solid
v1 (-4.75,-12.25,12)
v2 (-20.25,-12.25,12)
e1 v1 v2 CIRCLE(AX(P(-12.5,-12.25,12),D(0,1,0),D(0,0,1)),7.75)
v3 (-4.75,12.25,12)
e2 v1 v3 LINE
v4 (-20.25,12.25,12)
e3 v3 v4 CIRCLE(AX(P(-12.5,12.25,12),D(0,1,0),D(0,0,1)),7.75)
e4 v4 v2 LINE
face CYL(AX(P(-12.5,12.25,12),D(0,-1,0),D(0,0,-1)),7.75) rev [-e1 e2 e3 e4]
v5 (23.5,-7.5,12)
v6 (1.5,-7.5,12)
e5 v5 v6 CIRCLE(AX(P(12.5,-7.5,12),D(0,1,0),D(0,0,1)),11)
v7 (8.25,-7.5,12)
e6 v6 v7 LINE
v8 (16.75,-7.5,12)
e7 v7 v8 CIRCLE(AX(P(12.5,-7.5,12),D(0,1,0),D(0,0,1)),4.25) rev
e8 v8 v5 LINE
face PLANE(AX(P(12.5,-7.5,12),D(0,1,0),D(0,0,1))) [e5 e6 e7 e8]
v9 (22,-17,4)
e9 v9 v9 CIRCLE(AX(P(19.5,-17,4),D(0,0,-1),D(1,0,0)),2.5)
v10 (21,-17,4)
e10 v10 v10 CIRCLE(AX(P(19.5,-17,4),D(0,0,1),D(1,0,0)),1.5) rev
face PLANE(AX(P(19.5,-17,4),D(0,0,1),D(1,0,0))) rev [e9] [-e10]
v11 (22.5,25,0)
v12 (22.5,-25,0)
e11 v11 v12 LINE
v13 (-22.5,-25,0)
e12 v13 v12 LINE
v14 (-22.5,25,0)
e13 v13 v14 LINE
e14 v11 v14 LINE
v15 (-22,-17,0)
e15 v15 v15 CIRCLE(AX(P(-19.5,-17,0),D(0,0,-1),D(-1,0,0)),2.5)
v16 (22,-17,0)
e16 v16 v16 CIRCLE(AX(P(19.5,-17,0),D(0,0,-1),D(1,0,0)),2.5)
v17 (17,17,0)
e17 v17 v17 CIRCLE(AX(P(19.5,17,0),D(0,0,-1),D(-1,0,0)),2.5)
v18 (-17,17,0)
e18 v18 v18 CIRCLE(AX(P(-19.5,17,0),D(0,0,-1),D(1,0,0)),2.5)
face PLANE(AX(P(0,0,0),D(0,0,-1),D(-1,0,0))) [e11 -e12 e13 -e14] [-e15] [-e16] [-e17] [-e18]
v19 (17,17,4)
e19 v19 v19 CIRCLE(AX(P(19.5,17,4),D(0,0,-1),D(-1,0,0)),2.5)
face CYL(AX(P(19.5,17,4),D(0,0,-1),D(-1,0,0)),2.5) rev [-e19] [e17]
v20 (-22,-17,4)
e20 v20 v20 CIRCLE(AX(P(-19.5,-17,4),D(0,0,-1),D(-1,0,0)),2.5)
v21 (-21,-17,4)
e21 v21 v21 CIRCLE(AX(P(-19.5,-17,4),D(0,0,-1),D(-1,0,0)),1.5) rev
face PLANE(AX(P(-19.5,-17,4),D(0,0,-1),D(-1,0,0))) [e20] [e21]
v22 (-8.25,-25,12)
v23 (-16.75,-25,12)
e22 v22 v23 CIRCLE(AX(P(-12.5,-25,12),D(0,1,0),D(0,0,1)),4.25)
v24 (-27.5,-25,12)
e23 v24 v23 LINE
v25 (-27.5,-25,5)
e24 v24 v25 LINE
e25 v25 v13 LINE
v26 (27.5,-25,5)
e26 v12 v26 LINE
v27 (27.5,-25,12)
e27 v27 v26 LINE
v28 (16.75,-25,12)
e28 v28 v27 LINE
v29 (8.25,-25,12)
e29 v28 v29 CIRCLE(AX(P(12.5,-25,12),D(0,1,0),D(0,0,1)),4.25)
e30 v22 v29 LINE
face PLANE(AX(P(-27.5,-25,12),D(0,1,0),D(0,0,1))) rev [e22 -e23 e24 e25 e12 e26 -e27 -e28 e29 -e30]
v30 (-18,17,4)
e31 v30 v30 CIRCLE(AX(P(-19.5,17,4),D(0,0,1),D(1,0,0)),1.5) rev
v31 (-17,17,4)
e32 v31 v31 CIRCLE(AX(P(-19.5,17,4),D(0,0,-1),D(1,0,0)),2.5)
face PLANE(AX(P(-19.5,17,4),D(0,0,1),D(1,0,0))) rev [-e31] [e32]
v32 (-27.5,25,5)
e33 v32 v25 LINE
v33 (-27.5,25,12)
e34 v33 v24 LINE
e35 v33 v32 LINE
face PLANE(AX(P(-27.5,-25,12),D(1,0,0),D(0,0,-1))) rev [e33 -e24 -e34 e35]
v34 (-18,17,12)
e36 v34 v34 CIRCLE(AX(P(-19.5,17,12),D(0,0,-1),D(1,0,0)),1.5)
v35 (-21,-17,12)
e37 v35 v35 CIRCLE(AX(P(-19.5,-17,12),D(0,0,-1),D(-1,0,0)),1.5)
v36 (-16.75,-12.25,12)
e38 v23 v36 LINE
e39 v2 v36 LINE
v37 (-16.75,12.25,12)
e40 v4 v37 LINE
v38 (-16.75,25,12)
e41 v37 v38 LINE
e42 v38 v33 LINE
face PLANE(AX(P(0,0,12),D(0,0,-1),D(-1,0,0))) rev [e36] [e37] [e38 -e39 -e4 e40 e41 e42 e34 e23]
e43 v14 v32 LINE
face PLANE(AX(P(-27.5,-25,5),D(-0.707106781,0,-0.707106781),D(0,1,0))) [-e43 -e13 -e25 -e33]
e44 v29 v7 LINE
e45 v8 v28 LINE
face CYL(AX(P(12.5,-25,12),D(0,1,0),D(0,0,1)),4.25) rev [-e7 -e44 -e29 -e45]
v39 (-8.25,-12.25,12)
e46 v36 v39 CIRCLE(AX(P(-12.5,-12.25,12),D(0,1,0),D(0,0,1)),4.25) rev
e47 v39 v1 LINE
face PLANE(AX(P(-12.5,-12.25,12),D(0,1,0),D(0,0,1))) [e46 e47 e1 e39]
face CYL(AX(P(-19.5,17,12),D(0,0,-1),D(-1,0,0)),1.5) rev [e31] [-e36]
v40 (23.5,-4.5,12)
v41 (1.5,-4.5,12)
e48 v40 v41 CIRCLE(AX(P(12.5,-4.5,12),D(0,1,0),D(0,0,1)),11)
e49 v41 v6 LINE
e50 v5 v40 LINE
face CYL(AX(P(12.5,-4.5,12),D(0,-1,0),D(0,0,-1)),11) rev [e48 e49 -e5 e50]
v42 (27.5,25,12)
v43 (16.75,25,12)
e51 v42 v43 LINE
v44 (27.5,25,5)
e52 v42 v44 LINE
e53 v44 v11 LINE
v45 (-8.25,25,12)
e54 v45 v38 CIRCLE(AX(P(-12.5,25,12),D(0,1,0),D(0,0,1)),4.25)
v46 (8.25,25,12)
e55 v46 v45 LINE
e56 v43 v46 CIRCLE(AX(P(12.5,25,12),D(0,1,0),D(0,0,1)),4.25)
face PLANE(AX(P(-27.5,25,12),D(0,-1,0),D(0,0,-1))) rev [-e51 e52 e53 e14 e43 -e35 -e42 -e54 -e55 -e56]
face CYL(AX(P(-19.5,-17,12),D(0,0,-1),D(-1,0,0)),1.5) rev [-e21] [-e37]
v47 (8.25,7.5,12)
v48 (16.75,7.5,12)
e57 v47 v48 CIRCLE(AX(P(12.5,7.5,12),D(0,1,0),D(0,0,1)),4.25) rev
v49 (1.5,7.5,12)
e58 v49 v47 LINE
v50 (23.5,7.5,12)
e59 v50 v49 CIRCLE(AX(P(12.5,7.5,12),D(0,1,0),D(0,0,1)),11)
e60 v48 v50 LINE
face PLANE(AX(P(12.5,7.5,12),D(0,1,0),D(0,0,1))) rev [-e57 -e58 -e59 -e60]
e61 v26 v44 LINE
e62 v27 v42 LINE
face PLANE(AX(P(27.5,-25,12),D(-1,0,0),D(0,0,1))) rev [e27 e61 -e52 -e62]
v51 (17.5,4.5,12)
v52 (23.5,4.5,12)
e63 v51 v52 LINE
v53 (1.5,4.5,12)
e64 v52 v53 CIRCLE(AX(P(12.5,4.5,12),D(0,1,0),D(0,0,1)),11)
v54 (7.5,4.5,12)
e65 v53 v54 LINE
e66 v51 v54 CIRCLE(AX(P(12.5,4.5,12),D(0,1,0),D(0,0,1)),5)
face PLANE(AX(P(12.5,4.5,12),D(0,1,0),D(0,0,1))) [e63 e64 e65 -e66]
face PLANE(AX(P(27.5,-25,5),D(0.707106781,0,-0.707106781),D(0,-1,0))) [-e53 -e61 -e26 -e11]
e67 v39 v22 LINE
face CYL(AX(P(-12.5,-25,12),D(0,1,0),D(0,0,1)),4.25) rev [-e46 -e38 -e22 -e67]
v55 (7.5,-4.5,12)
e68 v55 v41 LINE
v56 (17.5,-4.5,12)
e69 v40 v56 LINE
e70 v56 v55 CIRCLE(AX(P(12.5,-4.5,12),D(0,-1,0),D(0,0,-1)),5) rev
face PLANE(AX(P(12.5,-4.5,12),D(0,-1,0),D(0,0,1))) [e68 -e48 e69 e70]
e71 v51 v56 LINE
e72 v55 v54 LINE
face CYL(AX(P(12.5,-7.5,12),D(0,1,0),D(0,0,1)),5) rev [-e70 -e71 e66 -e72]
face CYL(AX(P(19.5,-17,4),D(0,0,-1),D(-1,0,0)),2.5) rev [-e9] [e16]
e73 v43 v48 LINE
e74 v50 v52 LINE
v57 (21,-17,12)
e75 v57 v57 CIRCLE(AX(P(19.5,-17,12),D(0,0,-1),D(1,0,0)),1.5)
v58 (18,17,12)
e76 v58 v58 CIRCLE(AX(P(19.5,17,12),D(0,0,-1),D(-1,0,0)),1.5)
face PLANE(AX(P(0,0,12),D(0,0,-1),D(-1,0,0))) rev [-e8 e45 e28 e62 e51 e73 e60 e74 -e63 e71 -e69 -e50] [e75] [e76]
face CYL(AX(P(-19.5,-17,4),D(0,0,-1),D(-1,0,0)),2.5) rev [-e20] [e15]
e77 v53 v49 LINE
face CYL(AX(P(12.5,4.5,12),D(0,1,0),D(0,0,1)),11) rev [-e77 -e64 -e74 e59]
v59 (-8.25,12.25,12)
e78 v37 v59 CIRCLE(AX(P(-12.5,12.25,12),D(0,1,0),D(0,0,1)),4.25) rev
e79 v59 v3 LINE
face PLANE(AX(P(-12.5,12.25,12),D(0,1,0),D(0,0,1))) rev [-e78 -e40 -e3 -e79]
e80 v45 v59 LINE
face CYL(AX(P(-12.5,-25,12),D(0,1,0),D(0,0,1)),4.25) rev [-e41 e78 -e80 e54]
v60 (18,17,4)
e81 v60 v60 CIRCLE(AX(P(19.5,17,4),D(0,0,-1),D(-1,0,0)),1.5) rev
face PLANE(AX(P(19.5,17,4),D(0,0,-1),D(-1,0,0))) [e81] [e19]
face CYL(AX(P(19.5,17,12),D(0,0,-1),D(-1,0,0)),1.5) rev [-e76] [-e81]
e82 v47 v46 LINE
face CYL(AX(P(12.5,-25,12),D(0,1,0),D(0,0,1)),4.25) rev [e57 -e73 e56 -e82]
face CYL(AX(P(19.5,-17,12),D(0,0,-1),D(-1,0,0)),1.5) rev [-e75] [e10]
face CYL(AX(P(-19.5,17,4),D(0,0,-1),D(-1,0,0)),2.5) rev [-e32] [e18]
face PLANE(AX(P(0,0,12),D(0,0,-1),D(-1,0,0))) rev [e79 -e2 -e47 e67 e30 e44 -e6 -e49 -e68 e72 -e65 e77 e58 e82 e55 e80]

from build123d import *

# Parameters (mm, degrees)
ESQUISSE1_W                  = 55
ESQUISSE1_H                  = 50
BOSS_EXTRU_1_DEPTH           = 12
ESQUISSE2_R                  = 4.25
ENL_V_MAT_EXTRU_1_DEPTH      = 59.311662641
ENL_V_MAT_EXTRU_2_DEPTH      = 12.25
ENL_V_MAT_EXTRU_2_DEPTH_BACK = 12.25
ESQUISSE3_R                  = 7.75
ESQUISSE4_R                  = 11
ENL_V_MAT_EXTRU_3_DEPTH      = 3
ESQUISSE5_R                  = 5
ENL_V_MAT_EXTRU_4_DEPTH      = 15
ENL_V_MAT_EXTRU_5_DEPTH      = 40.05444917
ENL_V_MAT_EXTRU_5_DEPTH_BACK = 40.05444917
ESQUISSE6_R                  = 1.5
ESQUISSE7_R                  = 2.5
ENL_V_MAT_EXTRU_6_DEPTH      = 4
CHANFREIN3_SIZE              = 5


with BuildPart() as part:
    # Esquisse1 → Boss.-Extru.1 (new body)
    with BuildSketch(Plane.XY):
        Rectangle(ESQUISSE1_W, ESQUISSE1_H)
    extrude(amount=BOSS_EXTRU_1_DEPTH)

    # Esquisse2 → Enlèv. mat.-Extru.1 (cut, through all)
    with BuildSketch(Plane(origin=(0, 25, 0), x_dir=(1, 0, 0), z_dir=(0, 1, 0))):
        with Locations((-12.5, -12)):
            Circle(ESQUISSE2_R)
        with Locations((12.5, -12)):
            Circle(ESQUISSE2_R)
    extrude(amount=-ENL_V_MAT_EXTRU_1_DEPTH, mode=Mode.SUBTRACT)

    # Esquisse3 → Enlèv. mat.-Extru.2 (cut, two sides: drawn at the far end of the back side and taken through both)
    with BuildSketch(Plane(origin=(0, 0, 0), x_dir=(1, 0, 0), z_dir=(0, 1, 0)).offset(-ENL_V_MAT_EXTRU_2_DEPTH_BACK)):
        with Locations((-12.5, -12)):
            Circle(ESQUISSE3_R)
    extrude(amount=ENL_V_MAT_EXTRU_2_DEPTH + ENL_V_MAT_EXTRU_2_DEPTH_BACK, mode=Mode.SUBTRACT)

    # Esquisse4 → Enlèv. mat.-Extru.3 (cut)
    with BuildSketch(Plane(origin=(0, 7.5, 0), x_dir=(1, 0, 0), z_dir=(0, 1, 0))):
        with Locations((12.5, -12)):
            Circle(ESQUISSE4_R)
    enl_v_mat_extru_3 = extrude(amount=-ENL_V_MAT_EXTRU_3_DEPTH, mode=Mode.SUBTRACT)

    # Esquisse5 → Enlèv. mat.-Extru.4 (cut)
    with BuildSketch(Plane(origin=(0, 7.5, 0), x_dir=(1, 0, 0), z_dir=(0, 1, 0))):
        with Locations((12.5, -12)):
            Circle(ESQUISSE5_R)
    extrude(amount=-ENL_V_MAT_EXTRU_4_DEPTH, mode=Mode.SUBTRACT)

    # Esquisse6 → Enlèv. mat.-Extru.5 (cut, two sides: drawn at the far end of the back side and taken through both)
    with BuildSketch(Plane(origin=(0, 0, 0), x_dir=(-1, 0, 0), z_dir=(0, 0, -1)).offset(-ENL_V_MAT_EXTRU_5_DEPTH_BACK)):
        with Locations((19.5, -17)):
            Circle(ESQUISSE6_R)
        with Locations((-19.5, -17)):
            Circle(ESQUISSE6_R)
        with Locations((-19.5, 17)):
            Circle(ESQUISSE6_R)
        with Locations((19.5, 17)):
            Circle(ESQUISSE6_R)
    extrude(amount=ENL_V_MAT_EXTRU_5_DEPTH + ENL_V_MAT_EXTRU_5_DEPTH_BACK, mode=Mode.SUBTRACT)

    # Esquisse7 → Enlèv. mat.-Extru.6 (cut)
    with BuildSketch(Plane(origin=(0, 0, 0), x_dir=(-1, 0, 0), z_dir=(0, 0, -1))):
        with Locations((19.5, -17)):
            Circle(ESQUISSE7_R)
        with Locations(Location((19.5, 17, 0), (0, 0, 180))):
            Circle(ESQUISSE7_R)
        with Locations((-19.5, 17)):
            Circle(ESQUISSE7_R)
        with Locations(Location((-19.5, -17, 0), (0, 0, 180))):
            Circle(ESQUISSE7_R)
    extrude(amount=-ENL_V_MAT_EXTRU_6_DEPTH, mode=Mode.SUBTRACT)

    # Chanfrein3
    chanfrein3_edges = [part.edges().sort_by_distance(p)[0] for p in [
        (-27.5, 0, 0),
        (27.5, 0, 0),
    ]]
    chamfer(chanfrein3_edges, length=CHANFREIN3_SIZE)

    # Symétrie2: Enlèv. mat.-Extru.3 across plane
    add(enl_v_mat_extru_3.mirror(Plane.ZX), mode=Mode.SUBTRACT)


solid = part.part
